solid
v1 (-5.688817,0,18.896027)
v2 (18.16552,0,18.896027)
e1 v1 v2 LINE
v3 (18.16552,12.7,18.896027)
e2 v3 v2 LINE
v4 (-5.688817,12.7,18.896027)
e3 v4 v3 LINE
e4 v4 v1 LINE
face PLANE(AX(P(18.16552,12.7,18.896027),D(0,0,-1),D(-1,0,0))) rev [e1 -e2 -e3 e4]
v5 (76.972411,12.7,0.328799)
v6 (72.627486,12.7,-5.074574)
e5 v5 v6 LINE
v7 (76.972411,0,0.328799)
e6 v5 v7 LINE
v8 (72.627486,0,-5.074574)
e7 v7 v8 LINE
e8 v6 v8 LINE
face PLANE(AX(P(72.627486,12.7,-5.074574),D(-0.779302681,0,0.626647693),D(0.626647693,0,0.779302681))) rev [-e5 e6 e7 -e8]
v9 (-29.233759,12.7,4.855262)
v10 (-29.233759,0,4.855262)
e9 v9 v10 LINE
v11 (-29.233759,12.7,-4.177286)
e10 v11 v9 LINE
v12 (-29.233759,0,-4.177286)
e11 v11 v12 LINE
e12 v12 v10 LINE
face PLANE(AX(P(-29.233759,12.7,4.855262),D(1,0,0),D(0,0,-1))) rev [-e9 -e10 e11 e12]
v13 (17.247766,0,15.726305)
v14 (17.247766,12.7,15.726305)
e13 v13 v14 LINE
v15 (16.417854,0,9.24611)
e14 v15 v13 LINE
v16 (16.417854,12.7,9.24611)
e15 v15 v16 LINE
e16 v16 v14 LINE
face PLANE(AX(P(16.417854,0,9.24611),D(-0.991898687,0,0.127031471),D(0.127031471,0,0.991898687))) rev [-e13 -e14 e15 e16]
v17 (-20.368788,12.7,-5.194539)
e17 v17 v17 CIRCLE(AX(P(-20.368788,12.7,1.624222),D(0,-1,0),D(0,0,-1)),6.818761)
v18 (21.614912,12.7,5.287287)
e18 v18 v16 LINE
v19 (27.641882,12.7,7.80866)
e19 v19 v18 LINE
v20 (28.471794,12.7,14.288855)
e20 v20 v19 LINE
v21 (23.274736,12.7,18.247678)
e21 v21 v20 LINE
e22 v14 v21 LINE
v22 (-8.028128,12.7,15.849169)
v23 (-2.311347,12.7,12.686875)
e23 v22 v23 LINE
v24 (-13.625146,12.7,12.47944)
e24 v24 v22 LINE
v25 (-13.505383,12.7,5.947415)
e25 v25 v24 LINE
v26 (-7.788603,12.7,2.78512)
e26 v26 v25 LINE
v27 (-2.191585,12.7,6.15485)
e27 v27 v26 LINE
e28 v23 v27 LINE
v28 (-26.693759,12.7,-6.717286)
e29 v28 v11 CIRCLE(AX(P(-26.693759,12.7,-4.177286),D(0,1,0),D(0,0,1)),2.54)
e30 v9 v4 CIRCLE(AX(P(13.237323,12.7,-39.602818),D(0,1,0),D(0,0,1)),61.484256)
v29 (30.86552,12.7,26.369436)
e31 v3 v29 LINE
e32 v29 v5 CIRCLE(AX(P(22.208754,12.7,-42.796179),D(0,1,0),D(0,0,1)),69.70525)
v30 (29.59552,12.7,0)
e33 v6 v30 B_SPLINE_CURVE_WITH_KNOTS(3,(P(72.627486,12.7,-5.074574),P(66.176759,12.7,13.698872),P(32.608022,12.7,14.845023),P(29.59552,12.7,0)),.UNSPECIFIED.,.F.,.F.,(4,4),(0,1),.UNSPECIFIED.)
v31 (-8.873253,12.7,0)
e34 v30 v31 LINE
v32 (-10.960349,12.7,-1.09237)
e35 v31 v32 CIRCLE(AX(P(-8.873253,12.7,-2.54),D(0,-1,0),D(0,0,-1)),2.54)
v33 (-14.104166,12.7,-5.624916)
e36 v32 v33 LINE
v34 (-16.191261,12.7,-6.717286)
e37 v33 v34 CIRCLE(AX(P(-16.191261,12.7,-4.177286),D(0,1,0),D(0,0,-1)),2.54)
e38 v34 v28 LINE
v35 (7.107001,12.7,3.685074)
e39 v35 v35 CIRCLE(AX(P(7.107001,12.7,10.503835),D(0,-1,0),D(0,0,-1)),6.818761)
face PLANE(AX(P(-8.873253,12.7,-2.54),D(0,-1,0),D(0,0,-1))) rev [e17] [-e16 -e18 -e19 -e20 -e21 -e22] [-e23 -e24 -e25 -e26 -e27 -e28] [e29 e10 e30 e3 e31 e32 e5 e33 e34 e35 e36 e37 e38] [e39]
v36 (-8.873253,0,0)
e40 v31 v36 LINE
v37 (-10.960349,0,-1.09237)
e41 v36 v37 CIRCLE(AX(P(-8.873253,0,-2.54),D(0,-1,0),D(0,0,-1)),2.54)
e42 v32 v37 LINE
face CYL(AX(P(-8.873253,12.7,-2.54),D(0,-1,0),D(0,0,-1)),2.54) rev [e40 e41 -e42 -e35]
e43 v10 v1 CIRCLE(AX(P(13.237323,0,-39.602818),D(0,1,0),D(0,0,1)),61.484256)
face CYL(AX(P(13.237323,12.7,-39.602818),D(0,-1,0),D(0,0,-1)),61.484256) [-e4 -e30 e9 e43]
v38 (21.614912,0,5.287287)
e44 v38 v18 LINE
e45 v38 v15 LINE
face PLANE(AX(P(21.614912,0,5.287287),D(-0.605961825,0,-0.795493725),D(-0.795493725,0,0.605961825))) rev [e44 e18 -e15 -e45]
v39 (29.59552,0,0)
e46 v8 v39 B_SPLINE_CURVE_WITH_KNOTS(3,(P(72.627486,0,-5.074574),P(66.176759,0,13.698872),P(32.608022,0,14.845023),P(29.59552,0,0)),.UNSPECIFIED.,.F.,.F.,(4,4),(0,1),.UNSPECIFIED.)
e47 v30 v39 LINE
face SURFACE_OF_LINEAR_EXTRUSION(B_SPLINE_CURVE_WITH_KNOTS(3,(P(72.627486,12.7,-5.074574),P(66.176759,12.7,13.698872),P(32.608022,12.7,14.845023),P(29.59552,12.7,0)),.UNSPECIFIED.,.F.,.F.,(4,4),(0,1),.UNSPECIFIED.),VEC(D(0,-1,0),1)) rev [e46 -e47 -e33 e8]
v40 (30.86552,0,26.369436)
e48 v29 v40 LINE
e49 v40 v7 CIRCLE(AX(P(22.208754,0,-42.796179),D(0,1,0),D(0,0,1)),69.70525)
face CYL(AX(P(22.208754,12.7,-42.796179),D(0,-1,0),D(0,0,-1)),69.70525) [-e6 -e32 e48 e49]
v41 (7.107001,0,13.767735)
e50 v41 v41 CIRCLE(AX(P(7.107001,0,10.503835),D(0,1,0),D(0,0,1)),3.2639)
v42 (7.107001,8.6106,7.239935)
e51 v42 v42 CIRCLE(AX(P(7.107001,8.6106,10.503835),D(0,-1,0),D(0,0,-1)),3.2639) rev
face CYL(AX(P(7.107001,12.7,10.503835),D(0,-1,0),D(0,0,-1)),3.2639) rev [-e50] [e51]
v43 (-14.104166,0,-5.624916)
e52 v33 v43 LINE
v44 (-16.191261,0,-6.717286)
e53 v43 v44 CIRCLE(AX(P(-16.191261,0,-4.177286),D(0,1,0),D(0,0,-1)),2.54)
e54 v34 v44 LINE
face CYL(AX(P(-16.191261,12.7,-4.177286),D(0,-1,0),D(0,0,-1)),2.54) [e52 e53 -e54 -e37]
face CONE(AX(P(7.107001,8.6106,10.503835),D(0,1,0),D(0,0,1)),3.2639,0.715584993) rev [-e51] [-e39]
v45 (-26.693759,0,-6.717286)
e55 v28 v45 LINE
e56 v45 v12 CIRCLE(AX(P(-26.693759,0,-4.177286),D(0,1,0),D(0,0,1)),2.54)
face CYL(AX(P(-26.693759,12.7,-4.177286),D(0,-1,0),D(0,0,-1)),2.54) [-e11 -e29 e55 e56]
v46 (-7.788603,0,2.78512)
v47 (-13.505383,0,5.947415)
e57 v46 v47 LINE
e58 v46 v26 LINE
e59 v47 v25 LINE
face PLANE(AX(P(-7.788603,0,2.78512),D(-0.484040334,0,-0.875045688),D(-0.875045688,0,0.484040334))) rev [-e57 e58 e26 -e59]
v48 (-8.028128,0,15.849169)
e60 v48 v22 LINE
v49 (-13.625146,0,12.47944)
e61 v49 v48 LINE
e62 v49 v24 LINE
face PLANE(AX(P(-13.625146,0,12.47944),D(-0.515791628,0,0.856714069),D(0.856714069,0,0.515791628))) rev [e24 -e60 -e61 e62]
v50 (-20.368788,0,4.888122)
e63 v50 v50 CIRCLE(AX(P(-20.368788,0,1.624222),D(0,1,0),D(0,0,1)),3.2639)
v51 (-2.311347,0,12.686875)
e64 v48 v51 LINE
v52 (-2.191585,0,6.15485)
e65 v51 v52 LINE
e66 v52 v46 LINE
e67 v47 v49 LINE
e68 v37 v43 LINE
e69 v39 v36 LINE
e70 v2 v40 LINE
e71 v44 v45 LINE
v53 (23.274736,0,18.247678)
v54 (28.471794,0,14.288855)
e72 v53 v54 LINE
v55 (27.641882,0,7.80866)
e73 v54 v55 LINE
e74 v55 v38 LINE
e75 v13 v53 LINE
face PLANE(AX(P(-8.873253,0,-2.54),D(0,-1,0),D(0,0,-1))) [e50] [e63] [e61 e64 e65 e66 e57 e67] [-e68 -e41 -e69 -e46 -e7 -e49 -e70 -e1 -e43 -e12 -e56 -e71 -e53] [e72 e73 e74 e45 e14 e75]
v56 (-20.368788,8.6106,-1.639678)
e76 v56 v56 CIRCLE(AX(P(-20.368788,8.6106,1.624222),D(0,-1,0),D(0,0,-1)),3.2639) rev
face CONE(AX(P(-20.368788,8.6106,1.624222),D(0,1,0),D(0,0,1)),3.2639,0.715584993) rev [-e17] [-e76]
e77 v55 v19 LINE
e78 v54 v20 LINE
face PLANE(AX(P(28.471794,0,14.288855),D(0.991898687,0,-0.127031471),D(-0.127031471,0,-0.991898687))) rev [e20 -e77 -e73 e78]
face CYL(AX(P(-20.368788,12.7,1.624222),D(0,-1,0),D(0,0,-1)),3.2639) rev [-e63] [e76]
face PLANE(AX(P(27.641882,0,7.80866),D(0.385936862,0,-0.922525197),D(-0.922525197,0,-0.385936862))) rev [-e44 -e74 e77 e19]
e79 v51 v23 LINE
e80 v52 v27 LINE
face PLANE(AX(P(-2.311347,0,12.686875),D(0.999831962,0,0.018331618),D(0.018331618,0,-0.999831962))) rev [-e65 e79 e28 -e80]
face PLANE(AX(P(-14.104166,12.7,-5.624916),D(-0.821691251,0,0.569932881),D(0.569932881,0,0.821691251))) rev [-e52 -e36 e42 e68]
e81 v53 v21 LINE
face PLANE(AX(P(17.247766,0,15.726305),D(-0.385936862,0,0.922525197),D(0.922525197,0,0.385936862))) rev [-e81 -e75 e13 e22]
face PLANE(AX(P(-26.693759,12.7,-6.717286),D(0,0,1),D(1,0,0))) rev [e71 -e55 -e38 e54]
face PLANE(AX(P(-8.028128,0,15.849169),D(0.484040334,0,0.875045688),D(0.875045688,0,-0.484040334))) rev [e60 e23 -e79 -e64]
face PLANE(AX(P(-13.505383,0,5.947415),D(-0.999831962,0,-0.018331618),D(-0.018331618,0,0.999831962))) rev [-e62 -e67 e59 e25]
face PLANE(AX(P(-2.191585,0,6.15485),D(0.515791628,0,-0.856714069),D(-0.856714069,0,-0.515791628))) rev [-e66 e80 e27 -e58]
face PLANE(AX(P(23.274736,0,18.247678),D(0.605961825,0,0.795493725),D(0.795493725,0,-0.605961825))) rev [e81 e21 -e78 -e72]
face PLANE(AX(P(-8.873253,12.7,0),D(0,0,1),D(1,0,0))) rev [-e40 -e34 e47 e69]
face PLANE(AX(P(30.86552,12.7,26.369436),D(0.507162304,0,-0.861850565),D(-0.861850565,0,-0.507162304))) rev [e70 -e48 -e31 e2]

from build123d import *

# Parameters (mm, degrees)
SKETCH1_R             = 3.2639
BOSS_EXTRUDE1_DEPTH   = 12.7
CHAMFER1_SIZE         = 4.0894
CHAMFER1_SIZE2        = 3.554861186
CHAMFER1_PART_2_SIZE  = 4.0894
CHAMFER1_PART_2_SIZE2 = 3.554861186
CUT_EXTRUDE1_DEPTH    = 13.7000001


with BuildPart() as part:
    # Sketch1 → Boss-Extrude1 (new body)
    with BuildSketch(Plane(origin=(0, 0, 0), x_dir=(1, 0, 0), z_dir=(0, 1, 0))):
        with BuildLine():
            Line((-8.873253367, 0), (29.595519551, 0))
            add(Edge.make_bspline(
                [(29.595519551, 0), (32.608022391, -14.845023466), (66.17675893, -13.698872415), (72.627485997, 5.074574194)],
                knots=[0, 0, 0, 0, 1, 1, 1, 1], degree=3))
            Line((72.627485997, 5.074574194), (76.972410672, -0.328799158))
            ThreePointArc((76.972410672, -0.328799158), (56.487992256, -17.897771795), (30.865519551, -26.369435729))
            Line((30.865519551, -26.369435729), (18.165519551, -18.896027316))
            Line((18.165519551, -18.896027316), (-5.688817186, -18.896027316))
            ThreePointArc((-5.688817186, -18.896027316), (-18.253794481, -13.20459823), (-29.23375861, -4.855262498))
            Line((-29.23375861, -4.855262498), (-29.23375861, 4.177286104))
            ThreePointArc((-29.23375861, 4.177286104), (-28.489809834, 5.973337328), (-26.69375861, 6.717286104))
            Line((-26.69375861, 6.717286104), (-16.191261416, 6.717286104))
            ThreePointArc((-16.191261416, 6.717286104), (-15.013419953, 6.427683732), (-14.10416564, 5.624915621))
            Line((-14.10416564, 5.624915621), (-10.960349143, 1.092370482))
            ThreePointArc((-10.960349143, 1.092370482), (-10.05109483, 0.289602371), (-8.873253367, 0))
        make_face()
        with Locations((-20.368787798, -1.624222444)):
            Circle(SKETCH1_R, mode=Mode.SUBTRACT)
        with Locations((-7.908365266, -9.317144856)):
            Circle(SKETCH1_R, mode=Mode.SUBTRACT)
        with Locations((7.107001098, -10.503835127)):
            Circle(SKETCH1_R, mode=Mode.SUBTRACT)
        with Locations((22.444824189, -11.767482364)):
            Circle(SKETCH1_R, mode=Mode.SUBTRACT)
    extrude(amount=BOSS_EXTRUDE1_DEPTH)

    # Chamfer1
    chamfer1_edges = [part.edges().sort_by_distance(p)[0] for p in [
        (-23.632687798, 12.7, 1.624222444),
    ]]
    chamfer1_side = [part.faces().sort_by_distance(p)[0] for p in [
        (-23.632687798, 6.35, 1.624222444),
    ]]
    chamfer(chamfer1_edges, length=CHAMFER1_SIZE, length2=CHAMFER1_SIZE2, reference=chamfer1_side[0])

    # Chamfer1 part 2
    chamfer1_part_2_edges = [part.edges().sort_by_distance(p)[0] for p in [
        (3.843101098, 12.7, 10.503835127),
    ]]
    chamfer1_part_2_side = [part.faces().sort_by_distance(p)[0] for p in [
        (3.843101098, 6.35, 10.503835127),
    ]]
    chamfer(chamfer1_part_2_edges, length=CHAMFER1_PART_2_SIZE, length2=CHAMFER1_PART_2_SIZE2, reference=chamfer1_part_2_side[0])

    # Sketch2 → Cut-Extrude1 (cut, through all)
    with BuildSketch(Plane(origin=(0, 12.7, 0), x_dir=(1, 0, 0), z_dir=(0, 1, 0))):
        Polygon((-2.191584648, -6.154850089), (-7.78860256, -2.78512023), (-13.505383178, -5.947414997), (-13.625145885, -12.479439623), (-8.028127973, -15.849169483), (-2.311347355, -12.686874716), align=None)
        Polygon((28.471794253, -14.28885514), (27.641882098, -7.808659569), (21.614912034, -5.287286792), (16.417854125, -9.246109587), (17.247766281, -15.726305159), (23.274736345, -18.247677935), align=None)
    extrude(amount=-CUT_EXTRUDE1_DEPTH, mode=Mode.SUBTRACT)


solid = part.part
